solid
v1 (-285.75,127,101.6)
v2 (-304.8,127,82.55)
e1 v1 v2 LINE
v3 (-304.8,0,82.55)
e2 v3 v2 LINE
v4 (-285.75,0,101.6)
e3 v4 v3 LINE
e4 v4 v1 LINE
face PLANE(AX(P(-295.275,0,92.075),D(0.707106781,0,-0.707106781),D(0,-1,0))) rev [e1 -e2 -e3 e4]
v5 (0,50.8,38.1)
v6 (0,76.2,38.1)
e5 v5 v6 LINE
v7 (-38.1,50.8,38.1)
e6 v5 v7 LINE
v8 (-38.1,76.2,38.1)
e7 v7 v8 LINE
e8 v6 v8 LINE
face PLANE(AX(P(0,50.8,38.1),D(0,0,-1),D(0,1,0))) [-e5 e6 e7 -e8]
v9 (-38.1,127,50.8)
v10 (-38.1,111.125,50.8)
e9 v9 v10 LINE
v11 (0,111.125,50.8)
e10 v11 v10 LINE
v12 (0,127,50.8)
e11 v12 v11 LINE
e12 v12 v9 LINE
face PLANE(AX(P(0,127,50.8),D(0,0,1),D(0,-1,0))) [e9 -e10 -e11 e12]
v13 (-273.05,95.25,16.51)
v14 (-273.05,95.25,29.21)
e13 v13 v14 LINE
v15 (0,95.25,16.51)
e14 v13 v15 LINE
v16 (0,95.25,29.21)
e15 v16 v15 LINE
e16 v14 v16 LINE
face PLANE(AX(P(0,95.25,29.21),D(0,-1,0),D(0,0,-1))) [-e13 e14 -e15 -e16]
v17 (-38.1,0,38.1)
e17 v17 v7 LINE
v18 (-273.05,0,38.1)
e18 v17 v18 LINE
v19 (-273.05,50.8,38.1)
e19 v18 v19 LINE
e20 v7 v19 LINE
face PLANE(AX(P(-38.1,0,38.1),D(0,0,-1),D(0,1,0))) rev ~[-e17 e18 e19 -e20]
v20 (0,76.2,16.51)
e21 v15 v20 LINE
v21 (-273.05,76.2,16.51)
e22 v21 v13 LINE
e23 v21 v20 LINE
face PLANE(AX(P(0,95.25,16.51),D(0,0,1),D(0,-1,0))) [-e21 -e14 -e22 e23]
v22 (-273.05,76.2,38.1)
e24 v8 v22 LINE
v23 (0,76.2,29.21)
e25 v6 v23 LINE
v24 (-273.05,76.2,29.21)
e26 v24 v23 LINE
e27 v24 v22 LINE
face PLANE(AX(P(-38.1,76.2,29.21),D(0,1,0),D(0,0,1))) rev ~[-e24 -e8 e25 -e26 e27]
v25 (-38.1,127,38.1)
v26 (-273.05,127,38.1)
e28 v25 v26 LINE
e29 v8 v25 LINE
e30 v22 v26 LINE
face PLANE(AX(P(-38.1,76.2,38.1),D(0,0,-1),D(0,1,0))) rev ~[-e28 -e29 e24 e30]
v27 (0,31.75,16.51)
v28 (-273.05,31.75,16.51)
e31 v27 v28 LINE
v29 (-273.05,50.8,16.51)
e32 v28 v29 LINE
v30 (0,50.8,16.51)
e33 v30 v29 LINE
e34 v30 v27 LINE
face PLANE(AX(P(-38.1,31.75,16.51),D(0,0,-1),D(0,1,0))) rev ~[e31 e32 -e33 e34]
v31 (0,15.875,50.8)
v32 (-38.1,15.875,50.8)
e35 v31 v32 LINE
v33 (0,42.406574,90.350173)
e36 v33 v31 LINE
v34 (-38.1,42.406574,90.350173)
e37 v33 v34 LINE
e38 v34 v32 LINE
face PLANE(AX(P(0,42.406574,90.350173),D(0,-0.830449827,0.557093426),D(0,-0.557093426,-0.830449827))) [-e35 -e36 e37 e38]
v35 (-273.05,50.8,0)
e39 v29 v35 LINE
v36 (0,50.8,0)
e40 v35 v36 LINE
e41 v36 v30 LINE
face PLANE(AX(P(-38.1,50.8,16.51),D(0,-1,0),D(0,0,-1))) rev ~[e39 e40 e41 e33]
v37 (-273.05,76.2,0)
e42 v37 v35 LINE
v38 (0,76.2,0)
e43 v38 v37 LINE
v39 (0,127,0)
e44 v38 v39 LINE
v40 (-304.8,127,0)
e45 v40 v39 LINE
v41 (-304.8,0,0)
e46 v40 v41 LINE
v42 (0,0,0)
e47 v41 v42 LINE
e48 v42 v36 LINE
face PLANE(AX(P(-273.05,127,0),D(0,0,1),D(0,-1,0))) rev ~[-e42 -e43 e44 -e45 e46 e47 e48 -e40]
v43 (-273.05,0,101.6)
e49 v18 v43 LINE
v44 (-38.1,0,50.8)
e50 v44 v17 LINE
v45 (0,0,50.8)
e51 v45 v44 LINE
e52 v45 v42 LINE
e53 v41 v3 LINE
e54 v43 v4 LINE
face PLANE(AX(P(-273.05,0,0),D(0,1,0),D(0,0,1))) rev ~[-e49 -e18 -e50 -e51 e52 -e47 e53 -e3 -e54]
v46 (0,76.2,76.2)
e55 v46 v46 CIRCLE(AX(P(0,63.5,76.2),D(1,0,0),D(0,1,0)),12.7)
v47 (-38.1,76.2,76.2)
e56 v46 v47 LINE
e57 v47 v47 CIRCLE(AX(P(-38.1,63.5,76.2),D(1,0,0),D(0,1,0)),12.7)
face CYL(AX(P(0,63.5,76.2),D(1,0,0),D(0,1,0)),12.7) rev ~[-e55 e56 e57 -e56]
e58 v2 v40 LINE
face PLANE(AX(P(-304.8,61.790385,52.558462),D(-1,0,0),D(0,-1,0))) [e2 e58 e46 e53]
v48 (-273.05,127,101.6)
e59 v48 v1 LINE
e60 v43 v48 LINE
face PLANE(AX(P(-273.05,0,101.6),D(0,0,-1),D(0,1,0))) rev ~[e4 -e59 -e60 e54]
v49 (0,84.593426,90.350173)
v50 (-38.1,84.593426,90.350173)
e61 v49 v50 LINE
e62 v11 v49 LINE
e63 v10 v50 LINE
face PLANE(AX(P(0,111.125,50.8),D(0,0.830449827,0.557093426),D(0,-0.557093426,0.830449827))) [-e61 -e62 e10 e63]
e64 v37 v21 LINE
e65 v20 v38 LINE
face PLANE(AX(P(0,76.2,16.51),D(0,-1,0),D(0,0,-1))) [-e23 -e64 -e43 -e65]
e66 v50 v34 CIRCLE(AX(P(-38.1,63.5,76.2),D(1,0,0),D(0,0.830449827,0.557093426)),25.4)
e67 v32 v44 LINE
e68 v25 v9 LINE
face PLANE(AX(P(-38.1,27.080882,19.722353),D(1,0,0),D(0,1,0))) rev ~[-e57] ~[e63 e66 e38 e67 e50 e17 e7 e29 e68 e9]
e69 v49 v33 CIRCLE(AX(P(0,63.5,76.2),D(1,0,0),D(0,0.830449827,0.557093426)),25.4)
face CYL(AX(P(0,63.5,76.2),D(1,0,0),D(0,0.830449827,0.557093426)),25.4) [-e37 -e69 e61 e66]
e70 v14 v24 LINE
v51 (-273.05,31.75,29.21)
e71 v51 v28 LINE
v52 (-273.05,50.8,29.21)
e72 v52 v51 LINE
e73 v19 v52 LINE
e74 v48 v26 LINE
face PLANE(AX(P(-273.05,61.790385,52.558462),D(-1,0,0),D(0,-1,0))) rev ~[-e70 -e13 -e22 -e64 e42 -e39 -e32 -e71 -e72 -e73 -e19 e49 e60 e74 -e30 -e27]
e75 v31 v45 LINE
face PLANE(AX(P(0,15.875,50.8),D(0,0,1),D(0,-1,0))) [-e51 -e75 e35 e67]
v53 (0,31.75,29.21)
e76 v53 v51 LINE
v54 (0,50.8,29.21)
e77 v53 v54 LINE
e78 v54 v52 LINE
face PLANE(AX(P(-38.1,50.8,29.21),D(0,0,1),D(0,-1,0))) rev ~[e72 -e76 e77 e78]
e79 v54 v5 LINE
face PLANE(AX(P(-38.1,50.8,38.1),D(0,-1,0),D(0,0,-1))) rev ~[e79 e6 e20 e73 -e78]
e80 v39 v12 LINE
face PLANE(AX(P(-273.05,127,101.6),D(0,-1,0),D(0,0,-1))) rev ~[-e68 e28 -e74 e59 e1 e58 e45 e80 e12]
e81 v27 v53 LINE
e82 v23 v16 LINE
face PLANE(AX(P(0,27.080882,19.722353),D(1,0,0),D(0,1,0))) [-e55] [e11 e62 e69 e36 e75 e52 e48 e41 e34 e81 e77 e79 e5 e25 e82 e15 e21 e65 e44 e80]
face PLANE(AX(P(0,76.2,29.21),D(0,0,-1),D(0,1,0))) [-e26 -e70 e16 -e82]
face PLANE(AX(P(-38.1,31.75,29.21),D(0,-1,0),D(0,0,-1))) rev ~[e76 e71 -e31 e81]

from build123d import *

# Parameters (mm, degrees)
F0_R     = 12.7
F1_DEPTH = 38.1
F3_DEPTH = 234.95
F5_DEPTH = 31.75
F6_SIZE  = 19.05


with BuildPart() as f1:
    # F0 (on Right) → F1 (new body)
    with BuildSketch(Plane.YZ):
        Polygon((0, 38.1), (0, 0), (50.8, 0), (50.8, 16.51), (31.75, 16.51), (31.75, 29.21), (50.8, 29.21), (50.8, 38.1), align=None)
        with BuildLine():
            Line((0, 50.8), (0, 38.1))
            Line((0, 38.1), (50.8, 38.1))
            Line((50.8, 38.1), (76.2, 38.1))
            Line((76.2, 38.1), (127, 38.1))
            Line((127, 38.1), (127, 50.8))
            Line((127, 50.8), (111.125, 50.8))
            Line((111.125, 50.8), (84.5934256055, 90.3501730104))
            ThreePointArc((84.5934256055, 90.3501730104), (63.5, 101.6), (42.4065743945, 90.3501730104))
            Line((42.4065743945, 90.3501730104), (15.875, 50.8))
            Line((15.875, 50.8), (0, 50.8))
        make_face()
        with Locations((63.5, 76.2)):
            Circle(F0_R, mode=Mode.SUBTRACT)
        Polygon((127, 38.1), (76.2, 38.1), (76.2, 29.21), (95.25, 29.21), (95.25, 16.51), (76.2, 16.51), (76.2, 0), (127, 0), align=None)
    extrude(amount=-F1_DEPTH)

    # F2 (on face) → F3 (join)
    with BuildSketch(Plane(origin=(-38.1, 0, 0), x_dir=(0, -1, 0), z_dir=(-1, 0, 0))):
        Polygon((0, 38.1), (-50.8, 38.1), (-50.8, 29.21), (-31.75, 29.21), (-31.75, 16.51), (-50.8, 16.51), (-50.8, 0), (0, 0), align=None)
        Polygon((-76.2, 38.1), (-127, 38.1), (-127, 0), (-76.2, 0), (-76.2, 16.51), (-95.25, 16.51), (-95.25, 29.21), (-76.2, 29.21), align=None)
    extrude(amount=F3_DEPTH)

    # F4 (on face) → F5 (join)
    with BuildSketch(Plane(origin=(-273.05, 0, 0), x_dir=(0, -1, 0), z_dir=(-1, 0, 0))):
        Polygon((-76.2, 16.51), (-76.2, 0), (0, 0), (0, 101.6), (-127, 101.6), (-127, 38.1), (-76.2, 38.1), (-76.2, 29.21), (-95.25, 29.21), (-95.25, 16.51), align=None)
        Polygon((-127, 38.1), (-127, 0), (-76.2, 0), (-76.2, 16.51), (-95.25, 16.51), (-95.25, 29.21), (-76.2, 29.21), (-76.2, 38.1), align=None)
    extrude(amount=F5_DEPTH)

    # F6
    f6_edges = [f1.edges().sort_by_distance(p)[0] for p in [
        (-304.8, 63.5, 101.6),
    ]]
    chamfer(f6_edges, length=F6_SIZE)


solid = f1.part
